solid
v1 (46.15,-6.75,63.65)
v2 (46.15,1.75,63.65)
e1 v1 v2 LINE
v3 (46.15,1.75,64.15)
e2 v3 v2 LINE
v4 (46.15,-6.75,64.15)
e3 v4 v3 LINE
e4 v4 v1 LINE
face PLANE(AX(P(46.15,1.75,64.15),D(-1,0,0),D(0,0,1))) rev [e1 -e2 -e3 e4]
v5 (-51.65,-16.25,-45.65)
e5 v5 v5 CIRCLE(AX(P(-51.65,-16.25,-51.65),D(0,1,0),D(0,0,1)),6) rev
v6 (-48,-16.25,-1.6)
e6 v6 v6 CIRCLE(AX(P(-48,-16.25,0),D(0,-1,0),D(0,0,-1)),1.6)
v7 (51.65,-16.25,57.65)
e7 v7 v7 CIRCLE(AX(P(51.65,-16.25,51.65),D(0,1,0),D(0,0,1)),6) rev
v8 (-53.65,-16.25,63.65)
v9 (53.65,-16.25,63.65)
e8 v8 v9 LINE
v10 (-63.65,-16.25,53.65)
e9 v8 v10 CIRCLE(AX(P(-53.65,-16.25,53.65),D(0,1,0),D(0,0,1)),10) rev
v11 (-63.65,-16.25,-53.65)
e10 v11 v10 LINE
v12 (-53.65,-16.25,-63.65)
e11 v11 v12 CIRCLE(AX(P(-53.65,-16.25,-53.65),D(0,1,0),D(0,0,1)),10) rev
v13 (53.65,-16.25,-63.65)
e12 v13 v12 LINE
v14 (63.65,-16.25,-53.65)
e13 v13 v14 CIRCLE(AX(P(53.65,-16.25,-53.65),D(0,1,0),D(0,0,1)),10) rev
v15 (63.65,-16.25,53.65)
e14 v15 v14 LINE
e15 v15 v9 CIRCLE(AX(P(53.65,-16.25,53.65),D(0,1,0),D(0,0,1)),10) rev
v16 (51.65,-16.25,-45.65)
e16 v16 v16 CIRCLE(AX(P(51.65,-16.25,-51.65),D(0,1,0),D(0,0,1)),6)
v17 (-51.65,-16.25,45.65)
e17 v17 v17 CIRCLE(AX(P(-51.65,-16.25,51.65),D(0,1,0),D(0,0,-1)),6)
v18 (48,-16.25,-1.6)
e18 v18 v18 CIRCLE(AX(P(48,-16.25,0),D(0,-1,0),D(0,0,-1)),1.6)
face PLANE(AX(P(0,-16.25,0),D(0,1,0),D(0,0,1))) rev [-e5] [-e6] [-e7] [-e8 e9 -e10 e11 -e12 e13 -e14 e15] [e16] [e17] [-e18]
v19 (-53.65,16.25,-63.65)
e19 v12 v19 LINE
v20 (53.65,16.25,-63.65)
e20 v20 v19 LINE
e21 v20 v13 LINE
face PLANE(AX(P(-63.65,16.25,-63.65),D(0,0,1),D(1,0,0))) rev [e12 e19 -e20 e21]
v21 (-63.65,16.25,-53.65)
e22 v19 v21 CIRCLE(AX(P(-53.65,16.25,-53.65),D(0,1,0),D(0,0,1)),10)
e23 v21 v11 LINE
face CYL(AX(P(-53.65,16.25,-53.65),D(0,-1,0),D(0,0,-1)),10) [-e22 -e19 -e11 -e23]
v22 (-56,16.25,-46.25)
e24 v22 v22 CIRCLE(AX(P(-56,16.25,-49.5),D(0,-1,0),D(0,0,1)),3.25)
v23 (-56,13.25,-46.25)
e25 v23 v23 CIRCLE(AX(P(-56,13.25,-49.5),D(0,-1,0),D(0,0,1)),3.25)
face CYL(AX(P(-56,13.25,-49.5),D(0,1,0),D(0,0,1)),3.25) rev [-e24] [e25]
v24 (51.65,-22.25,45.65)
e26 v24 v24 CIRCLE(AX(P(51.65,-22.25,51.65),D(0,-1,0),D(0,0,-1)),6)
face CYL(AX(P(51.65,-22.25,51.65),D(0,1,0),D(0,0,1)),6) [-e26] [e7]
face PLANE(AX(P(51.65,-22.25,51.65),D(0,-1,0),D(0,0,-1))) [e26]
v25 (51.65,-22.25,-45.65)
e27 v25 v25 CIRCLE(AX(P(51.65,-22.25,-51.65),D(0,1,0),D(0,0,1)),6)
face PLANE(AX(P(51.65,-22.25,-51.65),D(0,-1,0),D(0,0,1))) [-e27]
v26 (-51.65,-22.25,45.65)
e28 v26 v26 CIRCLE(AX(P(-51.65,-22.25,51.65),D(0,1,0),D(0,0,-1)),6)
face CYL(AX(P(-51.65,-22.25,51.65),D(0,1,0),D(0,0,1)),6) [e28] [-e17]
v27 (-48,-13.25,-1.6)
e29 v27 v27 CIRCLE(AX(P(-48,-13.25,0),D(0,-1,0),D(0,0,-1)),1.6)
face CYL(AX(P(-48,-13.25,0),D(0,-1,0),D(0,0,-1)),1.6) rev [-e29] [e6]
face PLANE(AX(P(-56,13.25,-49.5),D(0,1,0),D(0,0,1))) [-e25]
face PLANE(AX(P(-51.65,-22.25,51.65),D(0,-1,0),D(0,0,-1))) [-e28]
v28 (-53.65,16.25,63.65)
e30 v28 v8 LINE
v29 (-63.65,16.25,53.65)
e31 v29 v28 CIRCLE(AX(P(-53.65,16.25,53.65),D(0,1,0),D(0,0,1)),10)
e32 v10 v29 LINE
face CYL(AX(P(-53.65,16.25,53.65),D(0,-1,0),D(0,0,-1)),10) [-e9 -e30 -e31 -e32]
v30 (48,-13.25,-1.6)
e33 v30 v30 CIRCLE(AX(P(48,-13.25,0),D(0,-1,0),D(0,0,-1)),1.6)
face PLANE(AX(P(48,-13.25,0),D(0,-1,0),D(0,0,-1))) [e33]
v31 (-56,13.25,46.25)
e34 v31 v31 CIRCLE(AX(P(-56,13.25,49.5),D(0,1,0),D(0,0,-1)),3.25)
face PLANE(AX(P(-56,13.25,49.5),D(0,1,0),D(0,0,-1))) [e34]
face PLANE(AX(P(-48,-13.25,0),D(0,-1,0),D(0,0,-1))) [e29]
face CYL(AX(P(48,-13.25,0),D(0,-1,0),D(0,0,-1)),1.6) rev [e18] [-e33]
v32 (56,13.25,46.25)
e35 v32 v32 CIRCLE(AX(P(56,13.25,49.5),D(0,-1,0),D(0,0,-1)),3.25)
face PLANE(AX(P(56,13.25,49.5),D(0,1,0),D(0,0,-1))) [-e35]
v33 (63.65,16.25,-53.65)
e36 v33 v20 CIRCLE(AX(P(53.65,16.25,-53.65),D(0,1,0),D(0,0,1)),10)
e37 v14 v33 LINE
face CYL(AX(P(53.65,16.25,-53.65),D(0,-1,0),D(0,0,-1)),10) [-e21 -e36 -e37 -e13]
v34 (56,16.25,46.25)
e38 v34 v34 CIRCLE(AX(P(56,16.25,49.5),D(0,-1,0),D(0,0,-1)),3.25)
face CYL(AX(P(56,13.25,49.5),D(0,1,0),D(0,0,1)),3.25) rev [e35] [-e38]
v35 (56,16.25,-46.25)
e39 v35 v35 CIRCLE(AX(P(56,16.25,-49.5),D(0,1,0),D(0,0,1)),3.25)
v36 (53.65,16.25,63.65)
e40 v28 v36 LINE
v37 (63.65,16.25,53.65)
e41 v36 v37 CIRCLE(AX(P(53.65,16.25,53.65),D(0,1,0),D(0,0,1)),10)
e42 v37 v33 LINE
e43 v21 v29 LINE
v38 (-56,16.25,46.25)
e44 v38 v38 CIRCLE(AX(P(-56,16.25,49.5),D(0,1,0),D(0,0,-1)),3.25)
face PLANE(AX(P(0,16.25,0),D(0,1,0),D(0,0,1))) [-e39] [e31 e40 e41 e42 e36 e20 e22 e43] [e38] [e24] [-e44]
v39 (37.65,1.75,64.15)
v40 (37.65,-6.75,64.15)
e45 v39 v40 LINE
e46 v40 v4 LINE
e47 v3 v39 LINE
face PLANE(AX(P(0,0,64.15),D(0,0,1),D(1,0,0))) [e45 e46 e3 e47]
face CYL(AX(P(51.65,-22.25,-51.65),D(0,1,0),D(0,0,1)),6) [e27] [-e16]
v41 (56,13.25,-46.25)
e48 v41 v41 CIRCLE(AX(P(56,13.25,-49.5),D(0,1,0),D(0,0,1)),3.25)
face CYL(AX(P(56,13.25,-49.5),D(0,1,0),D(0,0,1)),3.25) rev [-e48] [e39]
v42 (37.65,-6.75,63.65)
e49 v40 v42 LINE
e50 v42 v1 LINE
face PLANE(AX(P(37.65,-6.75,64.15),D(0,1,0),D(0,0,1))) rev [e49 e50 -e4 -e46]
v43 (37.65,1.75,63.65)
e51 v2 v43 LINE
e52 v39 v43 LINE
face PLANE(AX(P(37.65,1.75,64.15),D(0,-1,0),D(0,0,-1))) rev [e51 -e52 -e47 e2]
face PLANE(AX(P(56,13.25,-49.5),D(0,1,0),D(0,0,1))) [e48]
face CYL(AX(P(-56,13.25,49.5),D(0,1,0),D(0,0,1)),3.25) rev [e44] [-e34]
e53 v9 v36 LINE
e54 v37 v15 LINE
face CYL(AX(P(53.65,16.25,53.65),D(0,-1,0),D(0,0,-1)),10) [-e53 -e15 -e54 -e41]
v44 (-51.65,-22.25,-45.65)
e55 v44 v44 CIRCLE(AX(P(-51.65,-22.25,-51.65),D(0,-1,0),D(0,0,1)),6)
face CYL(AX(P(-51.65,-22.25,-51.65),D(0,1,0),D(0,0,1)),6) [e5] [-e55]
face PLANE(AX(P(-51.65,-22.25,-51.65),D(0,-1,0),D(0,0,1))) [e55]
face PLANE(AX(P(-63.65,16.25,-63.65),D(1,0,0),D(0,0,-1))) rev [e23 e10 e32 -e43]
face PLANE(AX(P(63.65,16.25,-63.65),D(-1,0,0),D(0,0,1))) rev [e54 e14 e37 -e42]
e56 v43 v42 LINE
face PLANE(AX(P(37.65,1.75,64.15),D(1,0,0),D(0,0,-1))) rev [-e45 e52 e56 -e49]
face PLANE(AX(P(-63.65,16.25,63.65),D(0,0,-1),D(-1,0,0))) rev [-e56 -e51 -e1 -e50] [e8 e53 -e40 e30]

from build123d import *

# Parameters (mm, degrees)
SKETCH_1_W               = 127.3
SKETCH_1_H               = 127.3
EXTRUDE_1_DEPTH          = 16.25
SKETCH_2_W               = 8.5
SKETCH_2_H               = 8.5
EXTRUDE_2_DEPTH          = 0.5
SKETCH_3_R               = 6
EXTRUDE_3_DEPTH          = 6
MIRROR_2_COPY_1_SKETCH_R = 6
MIRROR_2_COPY_1_DEPTH    = 6
SKETCH_4_R               = 3.25
CUT_EXTRUDE_1_DEPTH      = 3
MIRROR_4_COPY_1_SKETCH_R = 3.25
MIRROR_4_COPY_1_DEPTH    = 3
FILLET_1_R               = 10
SKETCH_5_R               = 1.6
CUT_EXTRUDE_2_DEPTH      = 3


with BuildPart() as part:
    # 草图1 → 凸台-拉伸1 (new, symmetric)
    with BuildSketch(Plane(origin=(0, 0, 0), x_dir=(1, 0, 0), z_dir=(0, 1, 0))):
        Rectangle(SKETCH_1_W, SKETCH_1_H)
    extrude(amount=EXTRUDE_1_DEPTH, both=True)

    # 草图2 → 凸台-拉伸2 (add, symmetric)
    with BuildSketch(Plane.XY.offset(63.65)):
        with Locations((41.9, -2.5)):
            Rectangle(SKETCH_2_W, SKETCH_2_H)
    extrude(amount=EXTRUDE_2_DEPTH, both=True)

    # 草图3 → 凸台-拉伸3 (add)
    with BuildSketch(Plane.XZ.offset(16.25)):
        with Locations(Location((51.65, 51.65, 0), (0, 0, 90))):
            Circle(SKETCH_3_R)
    extrude_3 = extrude(amount=EXTRUDE_3_DEPTH)

    # 镜向1: 凸台-拉伸3 across plane
    add(extrude_3.mirror(Plane.XY))

    # 镜向2: 凸台-拉伸3 across plane
    add(extrude_3.mirror(Plane(origin=(0, 0, 0), x_dir=(0, 0, 1), z_dir=(1, 0, 0))))

    # 镜向2 copy 1 sketch → 镜向2 copy 1 (add)
    with BuildSketch(Plane(origin=(0, -16.25, 0), x_dir=(-1, 0, 0), z_dir=(0, -1, 0))):
        with Locations(Location((51.65, 51.65, 0), (0, 0, 90))):
            Circle(MIRROR_2_COPY_1_SKETCH_R)
    extrude(amount=MIRROR_2_COPY_1_DEPTH)

    # 草图4 → 切除-拉伸1 (cut)
    with BuildSketch(Plane(origin=(0, 16.25, 0), x_dir=(1, 0, 0), z_dir=(0, 1, 0))):
        with Locations(Location((56, 49.5, 0), (0, 0, 270))):
            Circle(SKETCH_4_R)
    cut_extrude_1 = extrude(amount=-CUT_EXTRUDE_1_DEPTH, mode=Mode.SUBTRACT)

    # 镜向3: 切除-拉伸1 across plane
    add(cut_extrude_1.mirror(Plane(origin=(0, 0, 0), x_dir=(0, 0, 1), z_dir=(1, 0, 0))), mode=Mode.SUBTRACT)

    # 镜向4: 切除-拉伸1 across plane
    add(cut_extrude_1.mirror(Plane.XY), mode=Mode.SUBTRACT)

    # 镜向4 copy 1 sketch → 镜向4 copy 1 (cut)
    with BuildSketch(Plane(origin=(0, 16.25, 0), x_dir=(-1, 0, 0), z_dir=(0, 1, 0))):
        with Locations(Location((56, 49.5, 0), (0, 0, 270))):
            Circle(MIRROR_4_COPY_1_SKETCH_R)
    extrude(amount=-MIRROR_4_COPY_1_DEPTH, mode=Mode.SUBTRACT)

    # 圆角1
    fillet_1_edges = [part.edges().sort_by_distance(p)[0] for p in [
        (63.65, 0, 63.65),
        (-63.65, 0, 63.65),
        (-63.65, 0, -63.65),
        (63.65, 0, -63.65),
    ]]
    fillet(fillet_1_edges, radius=FILLET_1_R)

    # 草图5 → 切除-拉伸2 (cut)
    with BuildSketch(Plane.XZ.offset(16.25)):
        with Locations(Location((-48, 0, 0), (0, 0, 270))):
            Circle(SKETCH_5_R)
        with Locations(Location((48, 0, 0), (0, 0, 270))):
            Circle(SKETCH_5_R)
    extrude(amount=-CUT_EXTRUDE_2_DEPTH, mode=Mode.SUBTRACT)


solid = part.part
